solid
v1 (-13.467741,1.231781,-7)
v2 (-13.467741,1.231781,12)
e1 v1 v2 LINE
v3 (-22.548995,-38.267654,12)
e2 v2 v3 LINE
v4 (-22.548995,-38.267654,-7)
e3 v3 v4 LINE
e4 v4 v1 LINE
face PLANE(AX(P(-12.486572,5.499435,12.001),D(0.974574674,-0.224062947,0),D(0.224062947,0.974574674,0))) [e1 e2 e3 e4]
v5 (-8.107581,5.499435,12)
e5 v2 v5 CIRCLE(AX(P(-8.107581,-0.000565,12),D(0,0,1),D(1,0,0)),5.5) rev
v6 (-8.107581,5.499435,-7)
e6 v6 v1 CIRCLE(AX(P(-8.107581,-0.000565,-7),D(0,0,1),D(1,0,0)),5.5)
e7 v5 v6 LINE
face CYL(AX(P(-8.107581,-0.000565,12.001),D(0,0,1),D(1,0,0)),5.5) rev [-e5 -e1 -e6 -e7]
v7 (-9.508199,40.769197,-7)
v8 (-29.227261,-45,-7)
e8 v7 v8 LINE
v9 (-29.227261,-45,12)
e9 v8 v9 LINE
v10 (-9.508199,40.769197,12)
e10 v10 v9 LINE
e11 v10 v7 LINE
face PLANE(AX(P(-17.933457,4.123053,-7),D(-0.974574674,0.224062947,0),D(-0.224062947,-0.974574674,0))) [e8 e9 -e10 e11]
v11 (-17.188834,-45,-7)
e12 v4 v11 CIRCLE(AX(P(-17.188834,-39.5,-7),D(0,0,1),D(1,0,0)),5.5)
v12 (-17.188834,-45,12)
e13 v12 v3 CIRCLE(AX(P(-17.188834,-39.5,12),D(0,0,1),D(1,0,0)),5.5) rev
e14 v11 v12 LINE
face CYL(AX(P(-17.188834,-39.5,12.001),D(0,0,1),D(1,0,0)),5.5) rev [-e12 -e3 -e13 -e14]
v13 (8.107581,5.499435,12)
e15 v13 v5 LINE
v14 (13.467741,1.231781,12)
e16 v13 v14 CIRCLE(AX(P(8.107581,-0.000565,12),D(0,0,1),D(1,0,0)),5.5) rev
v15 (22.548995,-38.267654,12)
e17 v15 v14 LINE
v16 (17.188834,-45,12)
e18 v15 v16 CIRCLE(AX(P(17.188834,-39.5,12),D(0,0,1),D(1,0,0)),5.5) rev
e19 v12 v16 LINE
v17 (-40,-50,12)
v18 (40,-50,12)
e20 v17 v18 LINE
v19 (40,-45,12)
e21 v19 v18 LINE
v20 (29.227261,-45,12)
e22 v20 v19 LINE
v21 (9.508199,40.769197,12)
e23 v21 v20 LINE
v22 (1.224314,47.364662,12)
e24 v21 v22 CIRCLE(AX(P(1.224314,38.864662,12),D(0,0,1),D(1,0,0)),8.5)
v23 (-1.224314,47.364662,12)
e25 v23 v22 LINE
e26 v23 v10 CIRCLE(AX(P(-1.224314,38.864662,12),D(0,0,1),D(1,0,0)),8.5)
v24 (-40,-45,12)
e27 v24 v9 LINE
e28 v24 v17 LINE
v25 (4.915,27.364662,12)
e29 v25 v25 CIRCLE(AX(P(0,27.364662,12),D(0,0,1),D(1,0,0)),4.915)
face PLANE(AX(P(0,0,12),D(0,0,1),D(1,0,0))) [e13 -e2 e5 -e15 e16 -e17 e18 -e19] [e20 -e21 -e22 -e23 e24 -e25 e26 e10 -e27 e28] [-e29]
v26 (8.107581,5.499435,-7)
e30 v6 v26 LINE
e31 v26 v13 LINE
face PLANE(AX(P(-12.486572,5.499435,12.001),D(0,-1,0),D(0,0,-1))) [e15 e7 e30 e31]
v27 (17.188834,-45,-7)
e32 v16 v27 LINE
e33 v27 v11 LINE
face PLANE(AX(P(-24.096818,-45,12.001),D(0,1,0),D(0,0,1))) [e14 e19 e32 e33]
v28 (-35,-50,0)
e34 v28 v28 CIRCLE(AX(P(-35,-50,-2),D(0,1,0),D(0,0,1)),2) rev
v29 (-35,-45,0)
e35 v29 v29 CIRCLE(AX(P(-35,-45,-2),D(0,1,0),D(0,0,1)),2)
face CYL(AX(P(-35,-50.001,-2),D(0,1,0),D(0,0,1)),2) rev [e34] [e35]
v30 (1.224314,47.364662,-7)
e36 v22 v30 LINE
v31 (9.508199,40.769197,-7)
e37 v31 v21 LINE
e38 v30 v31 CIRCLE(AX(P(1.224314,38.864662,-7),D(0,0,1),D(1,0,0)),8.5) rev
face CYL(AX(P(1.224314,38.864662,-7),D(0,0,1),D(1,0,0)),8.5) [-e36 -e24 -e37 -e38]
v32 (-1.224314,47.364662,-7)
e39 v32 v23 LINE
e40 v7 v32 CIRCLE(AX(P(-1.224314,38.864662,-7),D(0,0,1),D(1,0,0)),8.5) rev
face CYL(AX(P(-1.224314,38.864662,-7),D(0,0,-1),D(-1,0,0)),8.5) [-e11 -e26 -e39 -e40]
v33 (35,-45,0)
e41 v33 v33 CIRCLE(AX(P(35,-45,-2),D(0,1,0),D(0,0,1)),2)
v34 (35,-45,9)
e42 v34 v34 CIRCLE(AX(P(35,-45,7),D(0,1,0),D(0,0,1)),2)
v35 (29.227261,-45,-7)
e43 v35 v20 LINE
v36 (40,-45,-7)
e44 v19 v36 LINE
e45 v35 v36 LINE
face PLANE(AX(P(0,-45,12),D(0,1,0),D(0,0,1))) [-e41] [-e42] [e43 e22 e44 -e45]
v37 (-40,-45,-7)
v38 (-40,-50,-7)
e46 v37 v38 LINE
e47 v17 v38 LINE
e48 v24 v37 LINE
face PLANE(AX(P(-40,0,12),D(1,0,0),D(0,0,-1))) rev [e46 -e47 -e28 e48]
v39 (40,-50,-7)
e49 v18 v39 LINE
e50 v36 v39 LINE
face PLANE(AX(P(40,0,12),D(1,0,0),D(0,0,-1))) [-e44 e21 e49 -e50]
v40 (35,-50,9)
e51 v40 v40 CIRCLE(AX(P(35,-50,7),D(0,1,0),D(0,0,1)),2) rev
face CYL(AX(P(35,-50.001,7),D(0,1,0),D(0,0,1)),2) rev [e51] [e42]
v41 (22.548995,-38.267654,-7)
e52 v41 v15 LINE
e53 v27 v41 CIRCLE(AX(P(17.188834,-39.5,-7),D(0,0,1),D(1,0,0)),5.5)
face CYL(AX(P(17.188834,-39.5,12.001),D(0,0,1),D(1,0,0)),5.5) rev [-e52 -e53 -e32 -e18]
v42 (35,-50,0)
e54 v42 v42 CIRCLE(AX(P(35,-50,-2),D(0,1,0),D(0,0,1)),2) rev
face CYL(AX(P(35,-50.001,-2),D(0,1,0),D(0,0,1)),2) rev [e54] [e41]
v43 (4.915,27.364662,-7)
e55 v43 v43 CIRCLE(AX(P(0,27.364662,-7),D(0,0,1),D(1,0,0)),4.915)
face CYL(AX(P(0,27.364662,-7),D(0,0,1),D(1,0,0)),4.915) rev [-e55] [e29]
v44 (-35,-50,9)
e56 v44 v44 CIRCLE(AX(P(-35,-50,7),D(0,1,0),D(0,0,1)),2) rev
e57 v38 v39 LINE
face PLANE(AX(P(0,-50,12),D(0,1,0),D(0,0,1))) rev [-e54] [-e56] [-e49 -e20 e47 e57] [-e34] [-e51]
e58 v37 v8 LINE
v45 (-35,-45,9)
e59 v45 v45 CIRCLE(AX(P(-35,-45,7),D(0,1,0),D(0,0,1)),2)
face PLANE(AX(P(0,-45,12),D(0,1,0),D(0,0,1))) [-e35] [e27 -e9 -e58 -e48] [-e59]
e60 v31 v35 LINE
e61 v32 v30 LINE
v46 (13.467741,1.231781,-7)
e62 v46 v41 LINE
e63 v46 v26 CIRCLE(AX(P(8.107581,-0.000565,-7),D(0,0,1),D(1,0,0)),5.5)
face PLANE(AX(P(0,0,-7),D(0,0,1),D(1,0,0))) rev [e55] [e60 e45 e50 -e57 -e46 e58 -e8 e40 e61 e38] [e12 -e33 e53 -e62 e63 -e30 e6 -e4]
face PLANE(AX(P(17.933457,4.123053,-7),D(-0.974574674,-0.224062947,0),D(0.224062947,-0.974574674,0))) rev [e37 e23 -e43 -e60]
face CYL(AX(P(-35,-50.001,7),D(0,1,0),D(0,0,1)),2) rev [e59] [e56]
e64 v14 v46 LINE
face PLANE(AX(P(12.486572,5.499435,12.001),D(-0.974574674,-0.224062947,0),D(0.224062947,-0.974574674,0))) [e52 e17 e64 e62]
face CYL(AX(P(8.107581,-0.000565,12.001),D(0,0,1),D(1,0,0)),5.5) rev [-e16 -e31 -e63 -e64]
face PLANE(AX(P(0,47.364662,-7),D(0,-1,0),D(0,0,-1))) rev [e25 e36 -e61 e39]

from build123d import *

# Parameters (mm, degrees)
BOSS_EXTRUDE1_DEPTH            = 12
BOSS_EXTRUDE1_DEPTH_BACK       = 7
SKETCH1_R                      = 4.915
BOSS_EXTRUDE2_DEPTH            = 12
BOSS_EXTRUDE2_DEPTH_BACK       = 7
SKETCH1_3_W                    = 80
SKETCH1_3_H                    = 5
CUT_EXTRUDE1_REACH             = 103.367
SKETCH2_R                      = 2
CUT_EXTRUDE2_REACH             = 67.146
CUT_EXTRUDE2_DIRECTION_2_REACH = 67.146
FILLET3_R                      = 8.5
FILLET4_R                      = 5.5


with BuildPart() as part:
    # Sketch1 → Boss-Extrude1 (new, two sides: drawn at the far end of the back side and taken through both)
    with BuildSketch(Plane.XY.offset(-BOSS_EXTRUDE1_DEPTH_BACK)):
        Polygon((7.991845682, 47.36466233), (-7.991845682, 47.36466233), (-29.227261436, -45), (29.227261436, -45), align=None)
        with Locations((0, 27.36466233)):
            Circle(SKETCH1_R, mode=Mode.SUBTRACT)
    extrude(amount=BOSS_EXTRUDE1_DEPTH + BOSS_EXTRUDE1_DEPTH_BACK)

    # Sketch1<3> → Boss-Extrude2 (add, two sides: drawn at the far end of the back side and taken through both)
    with BuildSketch(Plane.XY.offset(-BOSS_EXTRUDE2_DEPTH_BACK)):
        with Locations((0, -47.5)):
            Rectangle(SKETCH1_3_W, SKETCH1_3_H)
    extrude(amount=BOSS_EXTRUDE2_DEPTH + BOSS_EXTRUDE2_DEPTH_BACK)

    # Sketch2 → Cut-Extrude1 (cut, up to next)
    with BuildSketch(Plane(origin=(0, -45, 0), x_dir=(1, 0, 0), z_dir=(0, 1, 0)), mode=Mode.PRIVATE) as cut_extrude1_sk1:
        with Locations(Location((-35, 2, 0), (0, 0, 270))):
            Circle(SKETCH2_R)
    cut_extrude1_tool1 = extrude(cut_extrude1_sk1.sketch, amount=-CUT_EXTRUDE1_REACH, mode=Mode.PRIVATE) & part.part
    # Sketch2 → Cut-Extrude1 (cut, up to next)
    with BuildSketch(Plane(origin=(0, -45, 0), x_dir=(1, 0, 0), z_dir=(0, 1, 0)), mode=Mode.PRIVATE) as cut_extrude1_sk2:
        with Locations(Location((-35, -7, 0), (0, 0, 270))):
            Circle(SKETCH2_R)
    cut_extrude1_tool2 = extrude(cut_extrude1_sk2.sketch, amount=-CUT_EXTRUDE1_REACH, mode=Mode.PRIVATE) & part.part
    # Sketch2 → Cut-Extrude1 (cut, up to next)
    with BuildSketch(Plane(origin=(0, -45, 0), x_dir=(1, 0, 0), z_dir=(0, 1, 0)), mode=Mode.PRIVATE) as cut_extrude1_sk3:
        with Locations(Location((35, 2, 0), (0, 0, 270))):
            Circle(SKETCH2_R)
    cut_extrude1_tool3 = extrude(cut_extrude1_sk3.sketch, amount=-CUT_EXTRUDE1_REACH, mode=Mode.PRIVATE) & part.part
    # Sketch2 → Cut-Extrude1 (cut, up to next)
    with BuildSketch(Plane(origin=(0, -45, 0), x_dir=(1, 0, 0), z_dir=(0, 1, 0)), mode=Mode.PRIVATE) as cut_extrude1_sk4:
        with Locations(Location((35, -7, 0), (0, 0, 270))):
            Circle(SKETCH2_R)
    cut_extrude1_tool4 = extrude(cut_extrude1_sk4.sketch, amount=-CUT_EXTRUDE1_REACH, mode=Mode.PRIVATE) & part.part
    add(cut_extrude1_tool1.solids().sort_by_distance((-35, -45, -2))[0], mode=Mode.SUBTRACT)
    add(cut_extrude1_tool2.solids().sort_by_distance((-35, -45, 7))[0], mode=Mode.SUBTRACT)
    add(cut_extrude1_tool3.solids().sort_by_distance((35, -45, -2))[0], mode=Mode.SUBTRACT)
    add(cut_extrude1_tool4.solids().sort_by_distance((35, -45, 7))[0], mode=Mode.SUBTRACT)

    # Sketch3 → Cut-Extrude2 (cut, up to next)
    with BuildSketch(Plane.XY, mode=Mode.PRIVATE) as cut_extrude2_sk1:
        Polygon((-12.48657179, 5.499434813), (12.48657179, 5.499434813), (24.096818248, -45), (-24.096818248, -45), align=None)
    cut_extrude2_tool1 = extrude(cut_extrude2_sk1.sketch, amount=-CUT_EXTRUDE2_REACH, mode=Mode.PRIVATE) & part.part
    add(cut_extrude2_tool1.solids().sort_by_distance((0, -22.421399, 0))[0], mode=Mode.SUBTRACT)

    # Sketch3 → Cut-Extrude2 direction 2 (cut, up to next)
    with BuildSketch(Plane.XY, mode=Mode.PRIVATE) as cut_extrude2_direction_2_sk1:
        Polygon((-12.48657179, 5.499434813), (12.48657179, 5.499434813), (24.096818248, -45), (-24.096818248, -45), align=None)
    cut_extrude2_direction_2_tool1 = extrude(cut_extrude2_direction_2_sk1.sketch, amount=CUT_EXTRUDE2_DIRECTION_2_REACH, mode=Mode.PRIVATE) & part.part
    add(cut_extrude2_direction_2_tool1.solids().sort_by_distance((0, -22.421399, 0))[0], mode=Mode.SUBTRACT)

    # Fillet3
    fillet3_edges = [part.edges().sort_by_distance(p)[0] for p in [
        (-7.991845682, 47.36466233, 2.5),
        (7.991845682, 47.36466233, 2.5),
    ]]
    fillet(fillet3_edges, radius=FILLET3_R)

    # Fillet4
    fillet4_edges = [part.edges().sort_by_distance(p)[0] for p in [
        (-12.48657179, 5.499434813, 2.5),
        (-24.096818248, -45, 2.5),
        (24.096818248, -45, 2.5),
        (12.48657179, 5.499434813, 2.5),
    ]]
    fillet(fillet4_edges, radius=FILLET4_R)


solid = part.part
